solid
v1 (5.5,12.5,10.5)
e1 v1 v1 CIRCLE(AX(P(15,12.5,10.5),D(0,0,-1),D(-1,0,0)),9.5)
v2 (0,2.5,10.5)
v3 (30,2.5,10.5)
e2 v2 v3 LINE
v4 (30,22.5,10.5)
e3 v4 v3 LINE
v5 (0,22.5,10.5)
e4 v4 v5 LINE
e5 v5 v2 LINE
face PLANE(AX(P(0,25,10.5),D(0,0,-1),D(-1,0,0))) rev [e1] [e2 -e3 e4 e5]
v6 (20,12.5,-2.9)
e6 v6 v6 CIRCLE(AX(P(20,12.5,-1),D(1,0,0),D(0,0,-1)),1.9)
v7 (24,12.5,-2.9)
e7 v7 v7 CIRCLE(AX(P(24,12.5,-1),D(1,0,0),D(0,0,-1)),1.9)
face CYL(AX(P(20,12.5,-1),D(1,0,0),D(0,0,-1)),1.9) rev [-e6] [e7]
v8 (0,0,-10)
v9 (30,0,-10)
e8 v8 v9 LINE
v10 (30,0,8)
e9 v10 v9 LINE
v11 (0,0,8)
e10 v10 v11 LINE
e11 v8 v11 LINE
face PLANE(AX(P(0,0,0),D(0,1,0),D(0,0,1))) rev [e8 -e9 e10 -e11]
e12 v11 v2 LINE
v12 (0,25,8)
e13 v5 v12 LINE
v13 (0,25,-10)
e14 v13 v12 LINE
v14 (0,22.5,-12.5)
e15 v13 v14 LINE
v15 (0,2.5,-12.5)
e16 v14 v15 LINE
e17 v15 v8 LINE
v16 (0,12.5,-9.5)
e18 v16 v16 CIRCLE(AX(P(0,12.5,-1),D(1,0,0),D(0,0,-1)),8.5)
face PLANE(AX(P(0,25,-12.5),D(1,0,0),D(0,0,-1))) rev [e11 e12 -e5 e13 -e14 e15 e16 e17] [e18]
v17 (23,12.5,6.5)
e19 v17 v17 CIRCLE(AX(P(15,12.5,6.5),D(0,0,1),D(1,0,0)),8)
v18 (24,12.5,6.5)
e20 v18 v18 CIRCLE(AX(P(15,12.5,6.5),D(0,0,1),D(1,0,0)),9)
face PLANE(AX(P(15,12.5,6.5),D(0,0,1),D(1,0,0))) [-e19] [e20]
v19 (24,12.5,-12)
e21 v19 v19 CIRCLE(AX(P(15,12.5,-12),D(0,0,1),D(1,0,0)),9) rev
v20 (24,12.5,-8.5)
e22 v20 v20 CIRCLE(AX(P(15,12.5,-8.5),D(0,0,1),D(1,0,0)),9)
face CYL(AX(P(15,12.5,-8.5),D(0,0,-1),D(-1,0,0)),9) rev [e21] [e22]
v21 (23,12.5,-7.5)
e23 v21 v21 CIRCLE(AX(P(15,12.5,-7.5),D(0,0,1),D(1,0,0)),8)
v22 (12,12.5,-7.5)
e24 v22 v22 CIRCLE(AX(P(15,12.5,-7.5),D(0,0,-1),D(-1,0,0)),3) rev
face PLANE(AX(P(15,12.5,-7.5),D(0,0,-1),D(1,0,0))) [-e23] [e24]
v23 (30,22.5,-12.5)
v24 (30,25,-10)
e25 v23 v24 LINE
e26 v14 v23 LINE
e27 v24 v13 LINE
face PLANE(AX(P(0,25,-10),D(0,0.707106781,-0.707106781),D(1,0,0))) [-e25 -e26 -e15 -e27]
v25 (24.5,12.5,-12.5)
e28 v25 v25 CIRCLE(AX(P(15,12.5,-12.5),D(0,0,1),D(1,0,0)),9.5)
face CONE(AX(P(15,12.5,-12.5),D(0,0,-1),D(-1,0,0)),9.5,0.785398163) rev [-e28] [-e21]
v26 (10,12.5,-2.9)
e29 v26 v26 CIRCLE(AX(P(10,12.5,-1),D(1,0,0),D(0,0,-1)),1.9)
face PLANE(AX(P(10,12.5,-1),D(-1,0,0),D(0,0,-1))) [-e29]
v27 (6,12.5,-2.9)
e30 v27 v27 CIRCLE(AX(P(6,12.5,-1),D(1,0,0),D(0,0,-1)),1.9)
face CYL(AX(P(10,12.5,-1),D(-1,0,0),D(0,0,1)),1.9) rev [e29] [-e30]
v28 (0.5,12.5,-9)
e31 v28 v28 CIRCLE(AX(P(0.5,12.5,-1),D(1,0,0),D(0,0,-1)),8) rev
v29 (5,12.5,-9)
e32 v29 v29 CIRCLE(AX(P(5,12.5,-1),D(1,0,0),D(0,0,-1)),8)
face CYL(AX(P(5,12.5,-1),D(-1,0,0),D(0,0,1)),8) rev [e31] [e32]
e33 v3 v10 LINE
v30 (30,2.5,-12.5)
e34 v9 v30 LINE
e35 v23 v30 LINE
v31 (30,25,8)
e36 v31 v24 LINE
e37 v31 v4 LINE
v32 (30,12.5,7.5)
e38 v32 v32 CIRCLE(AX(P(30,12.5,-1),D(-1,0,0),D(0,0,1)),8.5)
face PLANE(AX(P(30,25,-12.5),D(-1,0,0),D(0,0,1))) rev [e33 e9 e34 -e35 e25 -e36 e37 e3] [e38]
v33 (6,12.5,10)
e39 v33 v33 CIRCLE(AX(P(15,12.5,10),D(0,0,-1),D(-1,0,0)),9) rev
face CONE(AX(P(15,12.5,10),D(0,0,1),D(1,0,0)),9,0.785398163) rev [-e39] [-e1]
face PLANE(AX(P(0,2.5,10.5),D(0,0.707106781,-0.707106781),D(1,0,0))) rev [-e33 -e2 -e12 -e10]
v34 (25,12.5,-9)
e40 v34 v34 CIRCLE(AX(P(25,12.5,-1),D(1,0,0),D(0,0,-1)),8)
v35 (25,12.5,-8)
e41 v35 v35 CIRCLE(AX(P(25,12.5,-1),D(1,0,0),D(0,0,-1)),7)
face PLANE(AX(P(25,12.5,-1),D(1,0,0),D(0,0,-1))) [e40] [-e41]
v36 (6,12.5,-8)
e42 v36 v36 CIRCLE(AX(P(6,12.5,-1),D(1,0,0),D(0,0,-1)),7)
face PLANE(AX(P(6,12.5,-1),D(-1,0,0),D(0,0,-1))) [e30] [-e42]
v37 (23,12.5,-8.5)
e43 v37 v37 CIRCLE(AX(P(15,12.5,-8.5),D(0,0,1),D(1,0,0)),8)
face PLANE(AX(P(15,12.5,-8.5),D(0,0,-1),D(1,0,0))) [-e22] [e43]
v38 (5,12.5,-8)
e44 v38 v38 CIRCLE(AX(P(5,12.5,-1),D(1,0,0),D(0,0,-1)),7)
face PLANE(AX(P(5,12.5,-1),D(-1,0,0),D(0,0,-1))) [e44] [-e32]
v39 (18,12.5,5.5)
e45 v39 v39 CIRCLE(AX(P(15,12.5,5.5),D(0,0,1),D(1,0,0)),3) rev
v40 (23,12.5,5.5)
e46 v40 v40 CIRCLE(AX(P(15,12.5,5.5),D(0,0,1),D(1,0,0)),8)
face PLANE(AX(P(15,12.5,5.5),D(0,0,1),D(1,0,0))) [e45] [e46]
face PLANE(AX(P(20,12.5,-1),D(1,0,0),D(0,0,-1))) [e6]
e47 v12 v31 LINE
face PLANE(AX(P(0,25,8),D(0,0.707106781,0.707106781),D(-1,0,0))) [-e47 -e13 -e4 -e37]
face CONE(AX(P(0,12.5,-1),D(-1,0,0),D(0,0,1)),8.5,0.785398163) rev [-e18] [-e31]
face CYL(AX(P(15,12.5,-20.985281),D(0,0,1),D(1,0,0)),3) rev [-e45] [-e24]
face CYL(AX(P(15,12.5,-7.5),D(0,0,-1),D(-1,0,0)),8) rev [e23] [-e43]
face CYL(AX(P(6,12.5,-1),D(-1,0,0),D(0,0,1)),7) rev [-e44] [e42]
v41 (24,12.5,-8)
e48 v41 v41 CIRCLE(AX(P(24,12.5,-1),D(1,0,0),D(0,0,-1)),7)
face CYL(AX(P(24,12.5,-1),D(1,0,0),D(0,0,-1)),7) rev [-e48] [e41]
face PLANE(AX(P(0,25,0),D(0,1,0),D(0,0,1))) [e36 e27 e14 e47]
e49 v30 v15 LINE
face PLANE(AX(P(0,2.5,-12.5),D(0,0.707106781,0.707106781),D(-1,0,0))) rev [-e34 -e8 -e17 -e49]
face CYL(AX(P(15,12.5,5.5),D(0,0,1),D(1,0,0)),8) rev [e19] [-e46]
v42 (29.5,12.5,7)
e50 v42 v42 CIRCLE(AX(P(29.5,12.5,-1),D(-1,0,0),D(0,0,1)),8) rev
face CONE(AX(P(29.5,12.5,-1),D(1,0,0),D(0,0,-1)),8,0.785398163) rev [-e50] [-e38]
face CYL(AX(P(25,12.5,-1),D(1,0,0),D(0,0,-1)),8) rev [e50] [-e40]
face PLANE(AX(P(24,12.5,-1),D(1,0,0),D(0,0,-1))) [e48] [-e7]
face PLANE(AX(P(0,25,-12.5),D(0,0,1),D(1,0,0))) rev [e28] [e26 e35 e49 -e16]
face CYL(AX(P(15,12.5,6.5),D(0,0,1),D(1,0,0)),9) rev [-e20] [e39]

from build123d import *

# Parameters (mm, degrees)
SKETCH1_W           = 30
SKETCH1_H           = 23
BOSS_EXTRUDE1_DEPTH = 25
SKETCH2_R           = 8
CUT_EXTRUDE1_DEPTH  = 5
SKETCH3_R           = 7
CUT_EXTRUDE2_DEPTH  = 1
SKETCH4_R           = 1.9
CUT_EXTRUDE3_DEPTH  = 4
SKETCH6_R           = 9
CUT_EXTRUDE4_DEPTH  = 4
SKETCH7_R           = 3
CUT_EXTRUDE8_DEPTH  = 19
SKETCH12_R          = 8
CUT_EXTRUDE9_DEPTH  = 1
CHAMFER1_SIZE       = 2.5
CHAMFER2_SIZE       = 0.5


with BuildPart() as part:
    # Sketch1 → Boss-Extrude1 (new body)
    with BuildSketch(Plane(origin=(0, 0, 0), x_dir=(1, 0, 0), z_dir=(0, 1, 0))):
        with Locations((15, 1)):
            Rectangle(SKETCH1_W, SKETCH1_H)
    extrude(amount=BOSS_EXTRUDE1_DEPTH)

    # Sketch2 → Cut-Extrude1 (cut)
    with BuildSketch(Plane(origin=(30, 0, 0), x_dir=(0, 0, -1), z_dir=(1, 0, 0))):
        with Locations((1, 12.5)):
            Circle(SKETCH2_R)
    cut_extrude1 = extrude(amount=-CUT_EXTRUDE1_DEPTH, mode=Mode.SUBTRACT)

    # Sketch3 → Cut-Extrude2 (cut)
    with BuildSketch(Plane(origin=(25, 0, 0), x_dir=(0, 0, -1), z_dir=(1, 0, 0))):
        with Locations((1, 12.5)):
            Circle(SKETCH3_R)
    cut_extrude2 = extrude(amount=-CUT_EXTRUDE2_DEPTH, mode=Mode.SUBTRACT)

    # Sketch4 → Cut-Extrude3 (cut)
    with BuildSketch(Plane(origin=(24, 0, 0), x_dir=(0, 0, -1), z_dir=(1, 0, 0))):
        with Locations((1, 12.5)):
            Circle(SKETCH4_R)
    cut_extrude3 = extrude(amount=-CUT_EXTRUDE3_DEPTH, mode=Mode.SUBTRACT)

    # Mirror1: Cut-Extrude1, Cut-Extrude2, Cut-Extrude3 across plane
    add(cut_extrude1.mirror(Plane(origin=(15, 25, 0), x_dir=(0, 0, 1), z_dir=(1, 0, 0))), mode=Mode.SUBTRACT)
    add(cut_extrude2.mirror(Plane(origin=(15, 25, 0), x_dir=(0, 0, 1), z_dir=(1, 0, 0))), mode=Mode.SUBTRACT)
    add(cut_extrude3.mirror(Plane(origin=(15, 25, 0), x_dir=(0, 0, 1), z_dir=(1, 0, 0))), mode=Mode.SUBTRACT)

    # Sketch6 → Cut-Extrude4 (cut)
    with BuildSketch(Plane.XY.offset(10.5)):
        with Locations((15, 12.5)):
            Circle(SKETCH6_R)
    cut_extrude4 = extrude(amount=-CUT_EXTRUDE4_DEPTH, mode=Mode.SUBTRACT)

    # Sketch7 → Cut-Extrude8 (cut)
    with BuildSketch(Plane.XY.offset(6.5)):
        with Locations((15, 12.5)):
            Circle(SKETCH7_R)
    extrude(amount=-CUT_EXTRUDE8_DEPTH, mode=Mode.SUBTRACT)

    # Sketch12 → Cut-Extrude9 (cut)
    with BuildSketch(Plane.XY.offset(6.5)):
        with Locations((15, 12.5)):
            Circle(SKETCH12_R)
    cut_extrude9 = extrude(amount=-CUT_EXTRUDE9_DEPTH, mode=Mode.SUBTRACT)

    # Mirror4: Cut-Extrude4, Cut-Extrude9 across plane
    add(cut_extrude4.mirror(Plane(origin=(15, 0, -1), x_dir=(1, 0, 0), z_dir=(0, 0, 1))), mode=Mode.SUBTRACT)
    add(cut_extrude9.mirror(Plane(origin=(15, 0, -1), x_dir=(1, 0, 0), z_dir=(0, 0, 1))), mode=Mode.SUBTRACT)

    # Chamfer1
    chamfer1_edges = [part.edges().sort_by_distance(p)[0] for p in [
        (15, 25, -12.5),
        (15, 0, -12.5),
        (15, 0, 10.5),
        (15, 25, 10.5),
    ]]
    chamfer(chamfer1_edges, length=CHAMFER1_SIZE)

    # Chamfer2
    chamfer2_edges = [part.edges().sort_by_distance(p)[0] for p in [
        (30, 12.5, 7),
        (0, 12.5, 7),
        (6, 12.5, 10.5),
        (6, 12.5, -12.5),
    ]]
    chamfer(chamfer2_edges, length=CHAMFER2_SIZE)


solid = part.part
